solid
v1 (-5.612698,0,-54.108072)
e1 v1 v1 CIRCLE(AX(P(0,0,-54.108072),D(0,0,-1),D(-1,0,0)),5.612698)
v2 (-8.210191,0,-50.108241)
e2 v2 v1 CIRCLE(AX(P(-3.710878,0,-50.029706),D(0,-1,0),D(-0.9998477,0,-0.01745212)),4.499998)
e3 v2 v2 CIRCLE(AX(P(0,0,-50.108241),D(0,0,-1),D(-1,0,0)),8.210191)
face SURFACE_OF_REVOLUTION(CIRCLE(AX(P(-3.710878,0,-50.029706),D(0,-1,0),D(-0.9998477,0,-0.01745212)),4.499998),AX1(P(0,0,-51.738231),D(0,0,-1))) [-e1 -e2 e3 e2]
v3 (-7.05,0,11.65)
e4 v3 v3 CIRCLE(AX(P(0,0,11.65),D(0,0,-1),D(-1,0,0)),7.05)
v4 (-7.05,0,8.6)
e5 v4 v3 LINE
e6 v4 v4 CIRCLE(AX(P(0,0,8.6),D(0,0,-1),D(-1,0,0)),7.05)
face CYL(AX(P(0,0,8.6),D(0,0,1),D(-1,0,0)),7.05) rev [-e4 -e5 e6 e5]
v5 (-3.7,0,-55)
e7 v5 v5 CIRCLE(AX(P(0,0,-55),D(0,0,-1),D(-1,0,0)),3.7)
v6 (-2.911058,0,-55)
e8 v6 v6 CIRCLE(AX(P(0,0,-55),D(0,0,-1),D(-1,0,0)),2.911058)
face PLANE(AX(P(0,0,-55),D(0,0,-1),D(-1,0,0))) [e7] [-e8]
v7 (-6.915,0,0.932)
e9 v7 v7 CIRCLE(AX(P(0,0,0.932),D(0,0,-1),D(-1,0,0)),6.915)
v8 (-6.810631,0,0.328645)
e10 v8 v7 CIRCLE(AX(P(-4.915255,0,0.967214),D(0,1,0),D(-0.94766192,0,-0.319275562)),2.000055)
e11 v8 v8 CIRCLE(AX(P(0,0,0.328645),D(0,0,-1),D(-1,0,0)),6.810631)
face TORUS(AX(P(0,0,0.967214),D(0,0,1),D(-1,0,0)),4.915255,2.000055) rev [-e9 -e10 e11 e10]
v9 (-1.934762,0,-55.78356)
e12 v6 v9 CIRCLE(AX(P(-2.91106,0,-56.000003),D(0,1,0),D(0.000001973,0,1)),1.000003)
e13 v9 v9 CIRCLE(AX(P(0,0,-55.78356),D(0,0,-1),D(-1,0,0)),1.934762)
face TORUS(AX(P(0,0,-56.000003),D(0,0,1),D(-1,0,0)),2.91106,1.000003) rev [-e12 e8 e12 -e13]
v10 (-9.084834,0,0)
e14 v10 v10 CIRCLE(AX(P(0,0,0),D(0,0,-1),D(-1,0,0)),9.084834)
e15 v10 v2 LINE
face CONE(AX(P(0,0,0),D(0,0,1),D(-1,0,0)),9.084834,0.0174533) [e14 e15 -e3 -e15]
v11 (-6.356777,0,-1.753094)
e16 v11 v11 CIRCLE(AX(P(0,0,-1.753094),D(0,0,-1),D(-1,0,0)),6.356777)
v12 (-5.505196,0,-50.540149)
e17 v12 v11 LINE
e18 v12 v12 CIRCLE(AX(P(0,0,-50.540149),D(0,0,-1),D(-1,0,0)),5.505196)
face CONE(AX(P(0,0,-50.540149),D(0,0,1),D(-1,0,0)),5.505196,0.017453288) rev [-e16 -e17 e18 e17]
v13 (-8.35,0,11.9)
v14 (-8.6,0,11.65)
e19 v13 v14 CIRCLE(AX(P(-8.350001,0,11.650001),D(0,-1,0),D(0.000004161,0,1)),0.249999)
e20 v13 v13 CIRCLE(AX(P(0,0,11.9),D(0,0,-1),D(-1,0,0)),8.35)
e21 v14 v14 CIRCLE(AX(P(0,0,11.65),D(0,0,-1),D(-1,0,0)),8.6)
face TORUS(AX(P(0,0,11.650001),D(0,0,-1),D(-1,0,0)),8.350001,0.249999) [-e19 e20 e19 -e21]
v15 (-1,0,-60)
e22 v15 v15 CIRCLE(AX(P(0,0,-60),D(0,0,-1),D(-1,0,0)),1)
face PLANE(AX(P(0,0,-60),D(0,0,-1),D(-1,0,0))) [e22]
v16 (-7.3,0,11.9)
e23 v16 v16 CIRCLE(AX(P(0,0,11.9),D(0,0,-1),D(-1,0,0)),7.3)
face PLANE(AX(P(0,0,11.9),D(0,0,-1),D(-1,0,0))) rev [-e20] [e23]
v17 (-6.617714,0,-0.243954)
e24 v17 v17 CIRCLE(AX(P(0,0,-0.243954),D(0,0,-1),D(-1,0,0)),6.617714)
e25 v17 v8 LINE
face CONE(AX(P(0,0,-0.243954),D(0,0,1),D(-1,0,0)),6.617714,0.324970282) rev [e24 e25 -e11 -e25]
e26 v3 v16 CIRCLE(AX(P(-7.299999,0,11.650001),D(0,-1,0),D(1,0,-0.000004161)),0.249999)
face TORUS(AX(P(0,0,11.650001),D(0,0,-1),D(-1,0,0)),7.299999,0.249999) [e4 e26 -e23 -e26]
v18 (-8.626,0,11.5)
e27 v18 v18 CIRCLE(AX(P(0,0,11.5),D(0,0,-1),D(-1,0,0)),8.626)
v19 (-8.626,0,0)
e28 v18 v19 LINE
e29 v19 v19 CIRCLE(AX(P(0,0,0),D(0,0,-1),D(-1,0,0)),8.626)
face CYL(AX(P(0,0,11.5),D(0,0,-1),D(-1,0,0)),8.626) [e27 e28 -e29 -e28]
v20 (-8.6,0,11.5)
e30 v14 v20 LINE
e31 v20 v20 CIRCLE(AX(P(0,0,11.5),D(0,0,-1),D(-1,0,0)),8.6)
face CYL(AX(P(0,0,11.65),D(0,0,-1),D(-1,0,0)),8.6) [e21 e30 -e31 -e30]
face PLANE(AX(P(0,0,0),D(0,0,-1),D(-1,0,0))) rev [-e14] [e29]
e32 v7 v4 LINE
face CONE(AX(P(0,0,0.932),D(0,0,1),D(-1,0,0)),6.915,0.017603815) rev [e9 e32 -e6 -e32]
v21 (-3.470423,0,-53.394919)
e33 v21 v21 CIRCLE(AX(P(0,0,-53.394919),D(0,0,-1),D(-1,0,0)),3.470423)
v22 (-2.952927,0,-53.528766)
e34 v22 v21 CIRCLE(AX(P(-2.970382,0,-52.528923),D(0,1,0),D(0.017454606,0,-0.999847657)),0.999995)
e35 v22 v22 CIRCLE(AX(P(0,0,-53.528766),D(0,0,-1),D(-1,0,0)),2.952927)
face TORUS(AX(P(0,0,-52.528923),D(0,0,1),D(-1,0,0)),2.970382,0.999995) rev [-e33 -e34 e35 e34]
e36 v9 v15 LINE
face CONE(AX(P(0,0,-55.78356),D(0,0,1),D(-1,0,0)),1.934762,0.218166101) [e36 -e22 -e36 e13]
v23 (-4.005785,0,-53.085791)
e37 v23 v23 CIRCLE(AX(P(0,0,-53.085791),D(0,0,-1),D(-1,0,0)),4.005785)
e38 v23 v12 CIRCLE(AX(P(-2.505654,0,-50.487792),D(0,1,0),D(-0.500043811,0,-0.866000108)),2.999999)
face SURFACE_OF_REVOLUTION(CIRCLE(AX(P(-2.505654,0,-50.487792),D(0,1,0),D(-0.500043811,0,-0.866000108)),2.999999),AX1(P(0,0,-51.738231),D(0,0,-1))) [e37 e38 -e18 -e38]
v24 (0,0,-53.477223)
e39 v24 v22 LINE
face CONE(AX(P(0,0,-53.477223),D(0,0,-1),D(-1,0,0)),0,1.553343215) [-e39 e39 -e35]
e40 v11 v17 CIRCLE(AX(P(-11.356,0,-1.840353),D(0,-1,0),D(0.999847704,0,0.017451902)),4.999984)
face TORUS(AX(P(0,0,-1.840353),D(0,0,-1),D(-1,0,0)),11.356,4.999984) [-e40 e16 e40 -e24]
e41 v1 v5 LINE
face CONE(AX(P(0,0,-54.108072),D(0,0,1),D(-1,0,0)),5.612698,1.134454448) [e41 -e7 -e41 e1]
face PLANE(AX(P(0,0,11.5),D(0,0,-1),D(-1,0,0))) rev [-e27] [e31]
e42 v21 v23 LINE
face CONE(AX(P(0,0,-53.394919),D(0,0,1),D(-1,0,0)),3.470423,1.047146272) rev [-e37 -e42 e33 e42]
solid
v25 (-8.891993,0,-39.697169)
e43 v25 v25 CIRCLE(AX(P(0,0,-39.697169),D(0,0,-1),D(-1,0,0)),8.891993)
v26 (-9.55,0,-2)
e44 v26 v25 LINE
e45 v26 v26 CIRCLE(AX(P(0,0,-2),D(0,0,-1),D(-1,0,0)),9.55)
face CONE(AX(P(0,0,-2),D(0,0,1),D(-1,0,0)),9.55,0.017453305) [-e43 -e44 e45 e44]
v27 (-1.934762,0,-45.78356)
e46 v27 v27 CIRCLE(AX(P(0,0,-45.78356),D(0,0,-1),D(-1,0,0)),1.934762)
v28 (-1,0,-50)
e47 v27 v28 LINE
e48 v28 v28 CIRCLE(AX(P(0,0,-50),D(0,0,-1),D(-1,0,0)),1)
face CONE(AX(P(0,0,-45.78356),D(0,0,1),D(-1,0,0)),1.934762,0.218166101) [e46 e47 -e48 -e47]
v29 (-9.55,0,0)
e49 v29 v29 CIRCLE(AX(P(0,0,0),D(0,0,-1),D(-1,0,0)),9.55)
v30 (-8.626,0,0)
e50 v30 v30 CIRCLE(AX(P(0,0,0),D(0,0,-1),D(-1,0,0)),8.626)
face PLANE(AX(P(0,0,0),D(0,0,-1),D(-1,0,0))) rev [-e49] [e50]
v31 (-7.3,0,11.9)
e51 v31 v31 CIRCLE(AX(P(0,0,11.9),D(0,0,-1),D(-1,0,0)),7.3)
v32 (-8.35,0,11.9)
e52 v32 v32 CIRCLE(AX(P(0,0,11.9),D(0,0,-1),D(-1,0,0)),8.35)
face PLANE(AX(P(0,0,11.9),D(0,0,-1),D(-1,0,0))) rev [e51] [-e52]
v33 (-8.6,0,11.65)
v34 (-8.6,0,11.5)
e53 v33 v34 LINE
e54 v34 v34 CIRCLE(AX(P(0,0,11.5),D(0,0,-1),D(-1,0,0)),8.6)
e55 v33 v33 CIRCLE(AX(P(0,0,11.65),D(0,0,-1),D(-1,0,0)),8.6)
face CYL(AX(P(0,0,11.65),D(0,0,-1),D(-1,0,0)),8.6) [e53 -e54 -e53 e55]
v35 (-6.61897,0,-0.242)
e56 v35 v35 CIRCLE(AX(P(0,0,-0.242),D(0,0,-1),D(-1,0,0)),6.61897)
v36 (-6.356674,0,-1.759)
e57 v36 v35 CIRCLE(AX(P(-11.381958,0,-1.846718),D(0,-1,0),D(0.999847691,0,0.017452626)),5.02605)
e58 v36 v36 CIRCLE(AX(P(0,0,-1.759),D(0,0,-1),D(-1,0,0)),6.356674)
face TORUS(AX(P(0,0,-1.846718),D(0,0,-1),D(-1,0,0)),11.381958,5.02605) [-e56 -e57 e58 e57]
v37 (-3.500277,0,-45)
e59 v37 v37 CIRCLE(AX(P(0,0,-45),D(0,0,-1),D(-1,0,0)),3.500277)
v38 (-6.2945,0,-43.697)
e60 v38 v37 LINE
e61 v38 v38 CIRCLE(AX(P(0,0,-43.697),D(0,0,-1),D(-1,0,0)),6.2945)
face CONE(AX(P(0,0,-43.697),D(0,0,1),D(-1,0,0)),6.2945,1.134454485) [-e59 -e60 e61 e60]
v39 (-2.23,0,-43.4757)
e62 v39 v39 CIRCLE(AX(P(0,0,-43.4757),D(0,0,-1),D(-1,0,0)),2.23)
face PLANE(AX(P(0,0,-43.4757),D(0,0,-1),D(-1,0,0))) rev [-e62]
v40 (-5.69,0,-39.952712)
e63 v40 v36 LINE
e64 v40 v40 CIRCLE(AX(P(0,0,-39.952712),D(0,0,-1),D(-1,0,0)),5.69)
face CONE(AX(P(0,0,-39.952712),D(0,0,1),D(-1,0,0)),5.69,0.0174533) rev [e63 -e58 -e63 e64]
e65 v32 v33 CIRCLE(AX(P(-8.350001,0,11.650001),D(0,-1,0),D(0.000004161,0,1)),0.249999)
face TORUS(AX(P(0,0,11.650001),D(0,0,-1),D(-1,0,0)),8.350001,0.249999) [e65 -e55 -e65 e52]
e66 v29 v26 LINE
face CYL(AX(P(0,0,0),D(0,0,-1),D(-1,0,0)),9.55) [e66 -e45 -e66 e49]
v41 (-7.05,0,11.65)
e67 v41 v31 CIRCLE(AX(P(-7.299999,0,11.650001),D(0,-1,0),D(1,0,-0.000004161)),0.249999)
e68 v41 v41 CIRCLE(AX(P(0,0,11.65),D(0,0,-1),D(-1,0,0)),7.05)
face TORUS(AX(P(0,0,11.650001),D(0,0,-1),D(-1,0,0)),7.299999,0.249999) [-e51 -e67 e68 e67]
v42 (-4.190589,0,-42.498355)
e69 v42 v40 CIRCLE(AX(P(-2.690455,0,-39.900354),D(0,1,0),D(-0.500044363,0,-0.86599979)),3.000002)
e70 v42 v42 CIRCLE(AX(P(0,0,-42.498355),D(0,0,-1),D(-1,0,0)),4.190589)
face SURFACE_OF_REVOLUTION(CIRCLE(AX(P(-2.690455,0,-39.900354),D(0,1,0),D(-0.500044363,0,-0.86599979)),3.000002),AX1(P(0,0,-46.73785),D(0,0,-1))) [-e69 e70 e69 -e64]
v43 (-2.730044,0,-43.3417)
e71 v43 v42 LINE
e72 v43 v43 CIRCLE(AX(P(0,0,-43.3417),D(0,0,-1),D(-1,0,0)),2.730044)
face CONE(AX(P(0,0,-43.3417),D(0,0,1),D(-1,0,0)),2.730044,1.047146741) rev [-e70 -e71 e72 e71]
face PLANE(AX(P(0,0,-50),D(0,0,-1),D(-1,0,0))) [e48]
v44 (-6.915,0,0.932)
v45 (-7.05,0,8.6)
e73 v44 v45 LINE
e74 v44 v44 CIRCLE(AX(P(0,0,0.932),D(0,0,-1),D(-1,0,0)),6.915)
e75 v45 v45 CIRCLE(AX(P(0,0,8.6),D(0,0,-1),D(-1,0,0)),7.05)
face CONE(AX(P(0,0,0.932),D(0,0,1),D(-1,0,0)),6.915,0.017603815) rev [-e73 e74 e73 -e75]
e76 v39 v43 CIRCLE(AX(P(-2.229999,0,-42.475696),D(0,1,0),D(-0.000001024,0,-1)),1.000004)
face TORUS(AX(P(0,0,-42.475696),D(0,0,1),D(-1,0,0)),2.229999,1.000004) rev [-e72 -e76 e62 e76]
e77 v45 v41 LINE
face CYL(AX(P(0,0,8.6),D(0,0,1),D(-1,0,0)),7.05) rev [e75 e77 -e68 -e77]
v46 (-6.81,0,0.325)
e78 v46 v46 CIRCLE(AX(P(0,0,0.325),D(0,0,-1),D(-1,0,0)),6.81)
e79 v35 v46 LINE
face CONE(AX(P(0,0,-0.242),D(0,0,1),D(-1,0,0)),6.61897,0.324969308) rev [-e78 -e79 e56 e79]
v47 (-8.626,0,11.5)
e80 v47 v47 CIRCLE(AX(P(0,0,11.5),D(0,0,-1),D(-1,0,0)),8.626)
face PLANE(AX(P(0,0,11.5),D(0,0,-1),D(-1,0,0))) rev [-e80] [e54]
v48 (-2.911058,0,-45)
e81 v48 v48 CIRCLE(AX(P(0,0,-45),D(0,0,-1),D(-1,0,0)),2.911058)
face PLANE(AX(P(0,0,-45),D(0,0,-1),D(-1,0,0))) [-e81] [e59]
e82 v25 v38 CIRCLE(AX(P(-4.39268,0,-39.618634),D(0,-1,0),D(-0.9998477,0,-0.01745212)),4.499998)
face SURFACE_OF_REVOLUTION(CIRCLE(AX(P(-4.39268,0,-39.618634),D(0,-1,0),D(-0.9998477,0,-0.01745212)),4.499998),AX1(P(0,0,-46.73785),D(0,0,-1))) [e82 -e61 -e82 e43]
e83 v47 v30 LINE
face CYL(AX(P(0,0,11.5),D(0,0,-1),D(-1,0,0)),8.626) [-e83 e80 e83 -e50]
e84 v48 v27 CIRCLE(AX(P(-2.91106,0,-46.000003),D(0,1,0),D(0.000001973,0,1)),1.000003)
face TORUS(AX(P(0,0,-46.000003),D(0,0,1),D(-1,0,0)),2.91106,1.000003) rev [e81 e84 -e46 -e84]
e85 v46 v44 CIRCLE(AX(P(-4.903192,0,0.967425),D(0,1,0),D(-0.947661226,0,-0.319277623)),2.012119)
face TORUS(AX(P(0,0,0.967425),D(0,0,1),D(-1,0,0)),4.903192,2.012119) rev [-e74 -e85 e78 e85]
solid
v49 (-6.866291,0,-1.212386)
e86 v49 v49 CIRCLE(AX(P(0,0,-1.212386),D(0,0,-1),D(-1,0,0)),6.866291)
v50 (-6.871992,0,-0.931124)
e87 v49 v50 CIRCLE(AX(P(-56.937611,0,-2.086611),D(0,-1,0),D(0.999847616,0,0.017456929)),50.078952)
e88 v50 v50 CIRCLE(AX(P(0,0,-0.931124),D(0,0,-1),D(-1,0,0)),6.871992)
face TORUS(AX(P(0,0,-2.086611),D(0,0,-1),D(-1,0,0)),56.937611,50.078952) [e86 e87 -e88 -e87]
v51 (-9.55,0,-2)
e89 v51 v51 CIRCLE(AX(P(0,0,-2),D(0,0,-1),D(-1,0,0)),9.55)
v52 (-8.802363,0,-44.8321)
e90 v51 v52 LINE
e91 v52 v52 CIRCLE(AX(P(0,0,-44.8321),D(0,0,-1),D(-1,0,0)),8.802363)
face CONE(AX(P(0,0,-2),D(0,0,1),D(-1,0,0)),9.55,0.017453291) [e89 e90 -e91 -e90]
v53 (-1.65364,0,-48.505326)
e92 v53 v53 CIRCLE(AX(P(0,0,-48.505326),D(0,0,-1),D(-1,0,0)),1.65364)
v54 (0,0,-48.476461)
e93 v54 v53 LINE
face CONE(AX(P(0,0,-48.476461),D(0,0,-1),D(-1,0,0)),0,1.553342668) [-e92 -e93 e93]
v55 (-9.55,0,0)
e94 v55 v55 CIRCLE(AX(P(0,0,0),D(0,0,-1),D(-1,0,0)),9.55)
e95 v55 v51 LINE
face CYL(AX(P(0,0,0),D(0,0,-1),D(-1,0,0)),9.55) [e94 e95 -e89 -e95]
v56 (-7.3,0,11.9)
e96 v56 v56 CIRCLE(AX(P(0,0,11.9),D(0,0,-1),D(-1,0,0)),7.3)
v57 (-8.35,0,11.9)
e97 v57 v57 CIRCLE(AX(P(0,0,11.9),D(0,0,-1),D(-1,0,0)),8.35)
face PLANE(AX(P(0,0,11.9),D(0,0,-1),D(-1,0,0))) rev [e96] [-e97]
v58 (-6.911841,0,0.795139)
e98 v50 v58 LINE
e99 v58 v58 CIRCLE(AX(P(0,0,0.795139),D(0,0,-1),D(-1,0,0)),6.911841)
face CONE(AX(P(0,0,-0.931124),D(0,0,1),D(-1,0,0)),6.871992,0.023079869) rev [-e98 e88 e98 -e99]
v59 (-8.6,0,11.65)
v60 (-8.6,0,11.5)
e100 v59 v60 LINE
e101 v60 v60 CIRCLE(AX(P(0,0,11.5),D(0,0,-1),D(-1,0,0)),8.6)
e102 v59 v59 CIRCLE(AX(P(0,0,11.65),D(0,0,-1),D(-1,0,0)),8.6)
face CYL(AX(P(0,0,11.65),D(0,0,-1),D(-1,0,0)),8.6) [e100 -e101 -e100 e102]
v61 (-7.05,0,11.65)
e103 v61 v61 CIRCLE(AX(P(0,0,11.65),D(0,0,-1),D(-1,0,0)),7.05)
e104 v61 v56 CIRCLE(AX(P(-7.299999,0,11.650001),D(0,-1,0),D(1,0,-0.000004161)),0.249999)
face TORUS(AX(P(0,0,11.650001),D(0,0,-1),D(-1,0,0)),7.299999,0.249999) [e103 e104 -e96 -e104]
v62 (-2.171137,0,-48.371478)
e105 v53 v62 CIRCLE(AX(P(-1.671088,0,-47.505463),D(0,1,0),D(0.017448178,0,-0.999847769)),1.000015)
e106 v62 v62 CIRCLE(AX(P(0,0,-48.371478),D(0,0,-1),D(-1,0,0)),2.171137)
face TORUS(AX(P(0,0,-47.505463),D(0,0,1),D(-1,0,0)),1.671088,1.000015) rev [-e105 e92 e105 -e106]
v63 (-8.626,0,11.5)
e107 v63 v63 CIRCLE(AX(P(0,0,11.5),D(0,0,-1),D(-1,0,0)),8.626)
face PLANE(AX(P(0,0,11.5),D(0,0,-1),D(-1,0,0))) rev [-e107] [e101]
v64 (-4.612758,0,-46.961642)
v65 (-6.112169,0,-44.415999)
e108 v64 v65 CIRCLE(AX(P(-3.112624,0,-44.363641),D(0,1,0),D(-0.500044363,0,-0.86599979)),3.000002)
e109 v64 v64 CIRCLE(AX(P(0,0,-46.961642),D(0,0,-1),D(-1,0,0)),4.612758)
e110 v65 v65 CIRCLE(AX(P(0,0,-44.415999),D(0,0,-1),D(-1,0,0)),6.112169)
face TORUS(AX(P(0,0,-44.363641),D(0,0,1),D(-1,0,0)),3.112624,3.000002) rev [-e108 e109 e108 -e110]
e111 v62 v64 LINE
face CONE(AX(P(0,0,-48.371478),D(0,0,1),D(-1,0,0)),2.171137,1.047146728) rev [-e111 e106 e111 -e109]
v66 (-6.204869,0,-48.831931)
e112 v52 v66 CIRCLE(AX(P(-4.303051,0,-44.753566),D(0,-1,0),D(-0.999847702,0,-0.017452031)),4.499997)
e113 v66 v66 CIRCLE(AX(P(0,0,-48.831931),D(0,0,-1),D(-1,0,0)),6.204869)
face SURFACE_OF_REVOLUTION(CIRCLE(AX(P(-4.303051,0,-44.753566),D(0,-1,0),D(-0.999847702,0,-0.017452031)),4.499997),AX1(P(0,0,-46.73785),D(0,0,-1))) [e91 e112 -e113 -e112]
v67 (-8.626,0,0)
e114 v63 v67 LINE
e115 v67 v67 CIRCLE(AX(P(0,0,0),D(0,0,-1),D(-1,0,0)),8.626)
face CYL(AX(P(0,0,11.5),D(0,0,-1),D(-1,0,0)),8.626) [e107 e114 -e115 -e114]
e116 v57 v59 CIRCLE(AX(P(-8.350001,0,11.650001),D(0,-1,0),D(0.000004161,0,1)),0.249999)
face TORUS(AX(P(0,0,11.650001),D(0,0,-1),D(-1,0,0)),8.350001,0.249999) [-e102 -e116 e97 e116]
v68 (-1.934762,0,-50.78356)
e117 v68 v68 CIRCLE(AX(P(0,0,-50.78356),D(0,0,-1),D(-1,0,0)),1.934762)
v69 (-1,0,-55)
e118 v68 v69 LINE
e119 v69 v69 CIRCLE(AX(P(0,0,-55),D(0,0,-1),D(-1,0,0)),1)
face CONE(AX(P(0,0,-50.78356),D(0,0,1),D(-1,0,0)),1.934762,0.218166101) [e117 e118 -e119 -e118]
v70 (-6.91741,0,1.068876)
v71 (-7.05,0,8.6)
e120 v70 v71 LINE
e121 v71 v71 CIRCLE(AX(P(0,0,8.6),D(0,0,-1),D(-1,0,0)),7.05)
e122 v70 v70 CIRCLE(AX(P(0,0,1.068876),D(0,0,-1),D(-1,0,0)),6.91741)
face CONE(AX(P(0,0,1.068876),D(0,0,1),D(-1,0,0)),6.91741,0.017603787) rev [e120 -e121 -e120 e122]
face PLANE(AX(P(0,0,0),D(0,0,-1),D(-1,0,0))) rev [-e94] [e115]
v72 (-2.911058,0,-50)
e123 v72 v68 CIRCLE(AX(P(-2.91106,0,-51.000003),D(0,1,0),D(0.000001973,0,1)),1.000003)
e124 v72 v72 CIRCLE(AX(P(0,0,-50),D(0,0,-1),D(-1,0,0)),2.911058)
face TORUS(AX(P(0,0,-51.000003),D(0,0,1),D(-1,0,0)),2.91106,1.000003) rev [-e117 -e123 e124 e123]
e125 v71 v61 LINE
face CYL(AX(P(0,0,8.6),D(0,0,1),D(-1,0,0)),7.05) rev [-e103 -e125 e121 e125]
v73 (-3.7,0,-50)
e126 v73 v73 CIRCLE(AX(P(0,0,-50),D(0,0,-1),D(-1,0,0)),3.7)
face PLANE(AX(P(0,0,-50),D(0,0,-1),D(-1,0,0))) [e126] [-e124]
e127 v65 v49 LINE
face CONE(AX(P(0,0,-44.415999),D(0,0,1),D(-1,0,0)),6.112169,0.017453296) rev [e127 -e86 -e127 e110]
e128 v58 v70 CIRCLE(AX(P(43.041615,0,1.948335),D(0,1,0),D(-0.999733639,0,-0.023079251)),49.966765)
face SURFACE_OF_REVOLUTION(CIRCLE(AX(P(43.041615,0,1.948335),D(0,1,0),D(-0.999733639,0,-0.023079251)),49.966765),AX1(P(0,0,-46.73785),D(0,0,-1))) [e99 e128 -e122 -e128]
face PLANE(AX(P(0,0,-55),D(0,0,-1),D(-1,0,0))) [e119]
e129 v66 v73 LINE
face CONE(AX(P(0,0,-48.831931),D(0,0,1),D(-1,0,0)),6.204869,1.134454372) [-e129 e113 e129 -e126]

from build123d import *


with BuildPart() as f4:
    # F3 (on Front) → F4 (revolve)
    with BuildSketch(Plane.XZ):
        with BuildLine():
            Line((-7.3, 11.9), (-8.35, 11.9))
            ThreePointArc((-8.35, 11.9), (-8.526777, 11.826777), (-8.6, 11.65))
            Line((-8.6, 11.65), (-8.6, 11.5))
            Line((-8.6, 11.5), (-8.626, 11.5))
            Line((-8.626, 11.5), (-8.626, 0))
            Line((-8.626, 0), (-9.55, 0))
            Line((-9.55, 0), (-9.55, -2))
            Line((-9.55, -2), (-8.891993, -39.697169))
            ThreePointArc((-8.891993, -39.697169), (-8.166708, -42.069491), (-6.2945, -43.697))
            Line((-6.2945, -43.697), (-3.500277, -45))
            Line((-3.500277, -45), (-2.911058, -45))
            ThreePointArc((-2.911058, -45), (-2.285135, -45.220116), (-1.934762, -45.78356))
            Line((-1.934762, -45.78356), (-1, -50))
            Line((-1, -50), (0, -50))
            Line((0, -50), (0, -43.4757))
            Line((0, -43.4757), (-2.23, -43.4757))
            ThreePointArc((-2.23, -43.4757), (-2.488844, -43.441619), (-2.730044, -43.3417))
            Line((-2.730044, -43.3417), (-4.190589, -42.498355))
            ThreePointArc((-4.190589, -42.498355), (-5.275383, -41.422904), (-5.69, -39.952712))
            Line((-5.69, -39.952712), (-6.356674, -1.759))
            ThreePointArc((-6.356674, -1.759), (-6.429394, -0.990398), (-6.61897, -0.242))
            Line((-6.61897, -0.242), (-6.81, 0.325))
            ThreePointArc((-6.81, 0.325), (-6.885867, 0.624458), (-6.915, 0.932))
            Line((-6.915, 0.932), (-7.05, 8.6))
            Line((-7.05, 8.6), (-7.05, 11.65))
            ThreePointArc((-7.05, 11.65), (-7.123223, 11.826777), (-7.3, 11.9))
        make_face()
    revolve(axis=Axis((0, 0, -46.73785), (0, 0, -1)))


with BuildPart() as f7:
    # F6 (on Front) → F7 (revolve)
    with BuildSketch(Plane.XZ):
        with BuildLine():
            Line((0, -55), (0, -48.476461))
            Line((0, -48.476461), (-1.65364, -48.505326))
            ThreePointArc((-1.65364, -48.505326), (-1.921497, -48.473619), (-2.171137, -48.371478))
            Line((-2.171137, -48.371478), (-4.612758, -46.961642))
            ThreePointArc((-4.612758, -46.961642), (-5.697552, -45.886191), (-6.112169, -44.415999))
            Line((-6.112169, -44.415999), (-6.866291, -1.212386))
            ThreePointArc((-6.866291, -1.212386), (-6.868944, -1.071751), (-6.871992, -0.931124))
            Line((-6.871992, -0.931124), (-6.911841, 0.795139))
            ThreePointArc((-6.911841, 0.795139), (-6.914813, 0.932004), (-6.91741, 1.068876))
            Line((-6.91741, 1.068876), (-7.05, 8.6))
            Line((-7.05, 8.6), (-7.05, 11.65))
            ThreePointArc((-7.05, 11.65), (-7.123223, 11.826777), (-7.3, 11.9))
            Line((-7.3, 11.9), (-8.35, 11.9))
            ThreePointArc((-8.35, 11.9), (-8.526777, 11.826777), (-8.6, 11.65))
            Line((-8.6, 11.65), (-8.6, 11.5))
            Line((-8.6, 11.5), (-8.626, 11.5))
            Line((-8.626, 11.5), (-8.626, 0))
            Line((-8.626, 0), (-9.55, 0))
            Line((-9.55, 0), (-9.55, -2))
            Line((-9.55, -2), (-8.802363, -44.8321))
            ThreePointArc((-8.802363, -44.8321), (-8.077078, -47.204422), (-6.204869, -48.831931))
            Line((-6.204869, -48.831931), (-3.7, -50))
            Line((-3.7, -50), (-2.911058, -50))
            ThreePointArc((-2.911058, -50), (-2.285135, -50.220116), (-1.934762, -50.78356))
            Line((-1.934762, -50.78356), (-1, -55))
            Line((-1, -55), (0, -55))
        make_face()
    revolve(axis=Axis((0, 0, -46.73785), (0, 0, -1)))


with BuildPart() as f9:
    # F8 (on Front) → F9 (revolve)
    with BuildSketch(Plane.XZ):
        with BuildLine():
            ThreePointArc((-7.05, 11.65), (-7.123223, 11.826777), (-7.3, 11.9))
            Line((-7.3, 11.9), (-8.35, 11.9))
            ThreePointArc((-8.35, 11.9), (-8.526777, 11.826777), (-8.6, 11.65))
            Line((-8.6, 11.65), (-8.6, 11.5))
            Line((-8.6, 11.5), (-8.626, 11.5))
            Line((-8.626, 11.5), (-8.626, 0))
            Line((-8.626, 0), (-9.084834, 0))
            Line((-9.084834, 0), (-8.210191, -50.108241))
            ThreePointArc((-8.210191, -50.108241), (-7.484906, -52.480563), (-5.612698, -54.108072))
            Line((-5.612698, -54.108072), (-3.7, -55))
            Line((-3.7, -55), (-2.911058, -55))
            ThreePointArc((-2.911058, -55), (-2.285135, -55.220116), (-1.934762, -55.78356))
            Line((-1.934762, -55.78356), (-1, -60))
            Line((-1, -60), (0, -60))
            Line((0, -60), (0, -53.477223))
            Line((0, -53.477223), (-2.952927, -53.528766))
            ThreePointArc((-2.952927, -53.528766), (-3.220784, -53.49706), (-3.470423, -53.394919))
            Line((-3.470423, -53.394919), (-4.005785, -53.085791))
            ThreePointArc((-4.005785, -53.085791), (-5.090579, -52.010341), (-5.505196, -50.540149))
            Line((-5.505196, -50.540149), (-6.356777, -1.753094))
            ThreePointArc((-6.356777, -1.753094), (-6.42912, -0.988474), (-6.617714, -0.243954))
            Line((-6.617714, -0.243954), (-6.810631, 0.328645))
            ThreePointArc((-6.810631, 0.328645), (-6.886042, 0.626305), (-6.915, 0.932))
            Line((-6.915, 0.932), (-7.05, 8.6))
            Line((-7.05, 8.6), (-7.05, 11.65))
        make_face()
    revolve(axis=Axis((0, 0, -51.738231), (0, 0, -1)))


solid = Compound([f4.part, f7.part, f9.part])
